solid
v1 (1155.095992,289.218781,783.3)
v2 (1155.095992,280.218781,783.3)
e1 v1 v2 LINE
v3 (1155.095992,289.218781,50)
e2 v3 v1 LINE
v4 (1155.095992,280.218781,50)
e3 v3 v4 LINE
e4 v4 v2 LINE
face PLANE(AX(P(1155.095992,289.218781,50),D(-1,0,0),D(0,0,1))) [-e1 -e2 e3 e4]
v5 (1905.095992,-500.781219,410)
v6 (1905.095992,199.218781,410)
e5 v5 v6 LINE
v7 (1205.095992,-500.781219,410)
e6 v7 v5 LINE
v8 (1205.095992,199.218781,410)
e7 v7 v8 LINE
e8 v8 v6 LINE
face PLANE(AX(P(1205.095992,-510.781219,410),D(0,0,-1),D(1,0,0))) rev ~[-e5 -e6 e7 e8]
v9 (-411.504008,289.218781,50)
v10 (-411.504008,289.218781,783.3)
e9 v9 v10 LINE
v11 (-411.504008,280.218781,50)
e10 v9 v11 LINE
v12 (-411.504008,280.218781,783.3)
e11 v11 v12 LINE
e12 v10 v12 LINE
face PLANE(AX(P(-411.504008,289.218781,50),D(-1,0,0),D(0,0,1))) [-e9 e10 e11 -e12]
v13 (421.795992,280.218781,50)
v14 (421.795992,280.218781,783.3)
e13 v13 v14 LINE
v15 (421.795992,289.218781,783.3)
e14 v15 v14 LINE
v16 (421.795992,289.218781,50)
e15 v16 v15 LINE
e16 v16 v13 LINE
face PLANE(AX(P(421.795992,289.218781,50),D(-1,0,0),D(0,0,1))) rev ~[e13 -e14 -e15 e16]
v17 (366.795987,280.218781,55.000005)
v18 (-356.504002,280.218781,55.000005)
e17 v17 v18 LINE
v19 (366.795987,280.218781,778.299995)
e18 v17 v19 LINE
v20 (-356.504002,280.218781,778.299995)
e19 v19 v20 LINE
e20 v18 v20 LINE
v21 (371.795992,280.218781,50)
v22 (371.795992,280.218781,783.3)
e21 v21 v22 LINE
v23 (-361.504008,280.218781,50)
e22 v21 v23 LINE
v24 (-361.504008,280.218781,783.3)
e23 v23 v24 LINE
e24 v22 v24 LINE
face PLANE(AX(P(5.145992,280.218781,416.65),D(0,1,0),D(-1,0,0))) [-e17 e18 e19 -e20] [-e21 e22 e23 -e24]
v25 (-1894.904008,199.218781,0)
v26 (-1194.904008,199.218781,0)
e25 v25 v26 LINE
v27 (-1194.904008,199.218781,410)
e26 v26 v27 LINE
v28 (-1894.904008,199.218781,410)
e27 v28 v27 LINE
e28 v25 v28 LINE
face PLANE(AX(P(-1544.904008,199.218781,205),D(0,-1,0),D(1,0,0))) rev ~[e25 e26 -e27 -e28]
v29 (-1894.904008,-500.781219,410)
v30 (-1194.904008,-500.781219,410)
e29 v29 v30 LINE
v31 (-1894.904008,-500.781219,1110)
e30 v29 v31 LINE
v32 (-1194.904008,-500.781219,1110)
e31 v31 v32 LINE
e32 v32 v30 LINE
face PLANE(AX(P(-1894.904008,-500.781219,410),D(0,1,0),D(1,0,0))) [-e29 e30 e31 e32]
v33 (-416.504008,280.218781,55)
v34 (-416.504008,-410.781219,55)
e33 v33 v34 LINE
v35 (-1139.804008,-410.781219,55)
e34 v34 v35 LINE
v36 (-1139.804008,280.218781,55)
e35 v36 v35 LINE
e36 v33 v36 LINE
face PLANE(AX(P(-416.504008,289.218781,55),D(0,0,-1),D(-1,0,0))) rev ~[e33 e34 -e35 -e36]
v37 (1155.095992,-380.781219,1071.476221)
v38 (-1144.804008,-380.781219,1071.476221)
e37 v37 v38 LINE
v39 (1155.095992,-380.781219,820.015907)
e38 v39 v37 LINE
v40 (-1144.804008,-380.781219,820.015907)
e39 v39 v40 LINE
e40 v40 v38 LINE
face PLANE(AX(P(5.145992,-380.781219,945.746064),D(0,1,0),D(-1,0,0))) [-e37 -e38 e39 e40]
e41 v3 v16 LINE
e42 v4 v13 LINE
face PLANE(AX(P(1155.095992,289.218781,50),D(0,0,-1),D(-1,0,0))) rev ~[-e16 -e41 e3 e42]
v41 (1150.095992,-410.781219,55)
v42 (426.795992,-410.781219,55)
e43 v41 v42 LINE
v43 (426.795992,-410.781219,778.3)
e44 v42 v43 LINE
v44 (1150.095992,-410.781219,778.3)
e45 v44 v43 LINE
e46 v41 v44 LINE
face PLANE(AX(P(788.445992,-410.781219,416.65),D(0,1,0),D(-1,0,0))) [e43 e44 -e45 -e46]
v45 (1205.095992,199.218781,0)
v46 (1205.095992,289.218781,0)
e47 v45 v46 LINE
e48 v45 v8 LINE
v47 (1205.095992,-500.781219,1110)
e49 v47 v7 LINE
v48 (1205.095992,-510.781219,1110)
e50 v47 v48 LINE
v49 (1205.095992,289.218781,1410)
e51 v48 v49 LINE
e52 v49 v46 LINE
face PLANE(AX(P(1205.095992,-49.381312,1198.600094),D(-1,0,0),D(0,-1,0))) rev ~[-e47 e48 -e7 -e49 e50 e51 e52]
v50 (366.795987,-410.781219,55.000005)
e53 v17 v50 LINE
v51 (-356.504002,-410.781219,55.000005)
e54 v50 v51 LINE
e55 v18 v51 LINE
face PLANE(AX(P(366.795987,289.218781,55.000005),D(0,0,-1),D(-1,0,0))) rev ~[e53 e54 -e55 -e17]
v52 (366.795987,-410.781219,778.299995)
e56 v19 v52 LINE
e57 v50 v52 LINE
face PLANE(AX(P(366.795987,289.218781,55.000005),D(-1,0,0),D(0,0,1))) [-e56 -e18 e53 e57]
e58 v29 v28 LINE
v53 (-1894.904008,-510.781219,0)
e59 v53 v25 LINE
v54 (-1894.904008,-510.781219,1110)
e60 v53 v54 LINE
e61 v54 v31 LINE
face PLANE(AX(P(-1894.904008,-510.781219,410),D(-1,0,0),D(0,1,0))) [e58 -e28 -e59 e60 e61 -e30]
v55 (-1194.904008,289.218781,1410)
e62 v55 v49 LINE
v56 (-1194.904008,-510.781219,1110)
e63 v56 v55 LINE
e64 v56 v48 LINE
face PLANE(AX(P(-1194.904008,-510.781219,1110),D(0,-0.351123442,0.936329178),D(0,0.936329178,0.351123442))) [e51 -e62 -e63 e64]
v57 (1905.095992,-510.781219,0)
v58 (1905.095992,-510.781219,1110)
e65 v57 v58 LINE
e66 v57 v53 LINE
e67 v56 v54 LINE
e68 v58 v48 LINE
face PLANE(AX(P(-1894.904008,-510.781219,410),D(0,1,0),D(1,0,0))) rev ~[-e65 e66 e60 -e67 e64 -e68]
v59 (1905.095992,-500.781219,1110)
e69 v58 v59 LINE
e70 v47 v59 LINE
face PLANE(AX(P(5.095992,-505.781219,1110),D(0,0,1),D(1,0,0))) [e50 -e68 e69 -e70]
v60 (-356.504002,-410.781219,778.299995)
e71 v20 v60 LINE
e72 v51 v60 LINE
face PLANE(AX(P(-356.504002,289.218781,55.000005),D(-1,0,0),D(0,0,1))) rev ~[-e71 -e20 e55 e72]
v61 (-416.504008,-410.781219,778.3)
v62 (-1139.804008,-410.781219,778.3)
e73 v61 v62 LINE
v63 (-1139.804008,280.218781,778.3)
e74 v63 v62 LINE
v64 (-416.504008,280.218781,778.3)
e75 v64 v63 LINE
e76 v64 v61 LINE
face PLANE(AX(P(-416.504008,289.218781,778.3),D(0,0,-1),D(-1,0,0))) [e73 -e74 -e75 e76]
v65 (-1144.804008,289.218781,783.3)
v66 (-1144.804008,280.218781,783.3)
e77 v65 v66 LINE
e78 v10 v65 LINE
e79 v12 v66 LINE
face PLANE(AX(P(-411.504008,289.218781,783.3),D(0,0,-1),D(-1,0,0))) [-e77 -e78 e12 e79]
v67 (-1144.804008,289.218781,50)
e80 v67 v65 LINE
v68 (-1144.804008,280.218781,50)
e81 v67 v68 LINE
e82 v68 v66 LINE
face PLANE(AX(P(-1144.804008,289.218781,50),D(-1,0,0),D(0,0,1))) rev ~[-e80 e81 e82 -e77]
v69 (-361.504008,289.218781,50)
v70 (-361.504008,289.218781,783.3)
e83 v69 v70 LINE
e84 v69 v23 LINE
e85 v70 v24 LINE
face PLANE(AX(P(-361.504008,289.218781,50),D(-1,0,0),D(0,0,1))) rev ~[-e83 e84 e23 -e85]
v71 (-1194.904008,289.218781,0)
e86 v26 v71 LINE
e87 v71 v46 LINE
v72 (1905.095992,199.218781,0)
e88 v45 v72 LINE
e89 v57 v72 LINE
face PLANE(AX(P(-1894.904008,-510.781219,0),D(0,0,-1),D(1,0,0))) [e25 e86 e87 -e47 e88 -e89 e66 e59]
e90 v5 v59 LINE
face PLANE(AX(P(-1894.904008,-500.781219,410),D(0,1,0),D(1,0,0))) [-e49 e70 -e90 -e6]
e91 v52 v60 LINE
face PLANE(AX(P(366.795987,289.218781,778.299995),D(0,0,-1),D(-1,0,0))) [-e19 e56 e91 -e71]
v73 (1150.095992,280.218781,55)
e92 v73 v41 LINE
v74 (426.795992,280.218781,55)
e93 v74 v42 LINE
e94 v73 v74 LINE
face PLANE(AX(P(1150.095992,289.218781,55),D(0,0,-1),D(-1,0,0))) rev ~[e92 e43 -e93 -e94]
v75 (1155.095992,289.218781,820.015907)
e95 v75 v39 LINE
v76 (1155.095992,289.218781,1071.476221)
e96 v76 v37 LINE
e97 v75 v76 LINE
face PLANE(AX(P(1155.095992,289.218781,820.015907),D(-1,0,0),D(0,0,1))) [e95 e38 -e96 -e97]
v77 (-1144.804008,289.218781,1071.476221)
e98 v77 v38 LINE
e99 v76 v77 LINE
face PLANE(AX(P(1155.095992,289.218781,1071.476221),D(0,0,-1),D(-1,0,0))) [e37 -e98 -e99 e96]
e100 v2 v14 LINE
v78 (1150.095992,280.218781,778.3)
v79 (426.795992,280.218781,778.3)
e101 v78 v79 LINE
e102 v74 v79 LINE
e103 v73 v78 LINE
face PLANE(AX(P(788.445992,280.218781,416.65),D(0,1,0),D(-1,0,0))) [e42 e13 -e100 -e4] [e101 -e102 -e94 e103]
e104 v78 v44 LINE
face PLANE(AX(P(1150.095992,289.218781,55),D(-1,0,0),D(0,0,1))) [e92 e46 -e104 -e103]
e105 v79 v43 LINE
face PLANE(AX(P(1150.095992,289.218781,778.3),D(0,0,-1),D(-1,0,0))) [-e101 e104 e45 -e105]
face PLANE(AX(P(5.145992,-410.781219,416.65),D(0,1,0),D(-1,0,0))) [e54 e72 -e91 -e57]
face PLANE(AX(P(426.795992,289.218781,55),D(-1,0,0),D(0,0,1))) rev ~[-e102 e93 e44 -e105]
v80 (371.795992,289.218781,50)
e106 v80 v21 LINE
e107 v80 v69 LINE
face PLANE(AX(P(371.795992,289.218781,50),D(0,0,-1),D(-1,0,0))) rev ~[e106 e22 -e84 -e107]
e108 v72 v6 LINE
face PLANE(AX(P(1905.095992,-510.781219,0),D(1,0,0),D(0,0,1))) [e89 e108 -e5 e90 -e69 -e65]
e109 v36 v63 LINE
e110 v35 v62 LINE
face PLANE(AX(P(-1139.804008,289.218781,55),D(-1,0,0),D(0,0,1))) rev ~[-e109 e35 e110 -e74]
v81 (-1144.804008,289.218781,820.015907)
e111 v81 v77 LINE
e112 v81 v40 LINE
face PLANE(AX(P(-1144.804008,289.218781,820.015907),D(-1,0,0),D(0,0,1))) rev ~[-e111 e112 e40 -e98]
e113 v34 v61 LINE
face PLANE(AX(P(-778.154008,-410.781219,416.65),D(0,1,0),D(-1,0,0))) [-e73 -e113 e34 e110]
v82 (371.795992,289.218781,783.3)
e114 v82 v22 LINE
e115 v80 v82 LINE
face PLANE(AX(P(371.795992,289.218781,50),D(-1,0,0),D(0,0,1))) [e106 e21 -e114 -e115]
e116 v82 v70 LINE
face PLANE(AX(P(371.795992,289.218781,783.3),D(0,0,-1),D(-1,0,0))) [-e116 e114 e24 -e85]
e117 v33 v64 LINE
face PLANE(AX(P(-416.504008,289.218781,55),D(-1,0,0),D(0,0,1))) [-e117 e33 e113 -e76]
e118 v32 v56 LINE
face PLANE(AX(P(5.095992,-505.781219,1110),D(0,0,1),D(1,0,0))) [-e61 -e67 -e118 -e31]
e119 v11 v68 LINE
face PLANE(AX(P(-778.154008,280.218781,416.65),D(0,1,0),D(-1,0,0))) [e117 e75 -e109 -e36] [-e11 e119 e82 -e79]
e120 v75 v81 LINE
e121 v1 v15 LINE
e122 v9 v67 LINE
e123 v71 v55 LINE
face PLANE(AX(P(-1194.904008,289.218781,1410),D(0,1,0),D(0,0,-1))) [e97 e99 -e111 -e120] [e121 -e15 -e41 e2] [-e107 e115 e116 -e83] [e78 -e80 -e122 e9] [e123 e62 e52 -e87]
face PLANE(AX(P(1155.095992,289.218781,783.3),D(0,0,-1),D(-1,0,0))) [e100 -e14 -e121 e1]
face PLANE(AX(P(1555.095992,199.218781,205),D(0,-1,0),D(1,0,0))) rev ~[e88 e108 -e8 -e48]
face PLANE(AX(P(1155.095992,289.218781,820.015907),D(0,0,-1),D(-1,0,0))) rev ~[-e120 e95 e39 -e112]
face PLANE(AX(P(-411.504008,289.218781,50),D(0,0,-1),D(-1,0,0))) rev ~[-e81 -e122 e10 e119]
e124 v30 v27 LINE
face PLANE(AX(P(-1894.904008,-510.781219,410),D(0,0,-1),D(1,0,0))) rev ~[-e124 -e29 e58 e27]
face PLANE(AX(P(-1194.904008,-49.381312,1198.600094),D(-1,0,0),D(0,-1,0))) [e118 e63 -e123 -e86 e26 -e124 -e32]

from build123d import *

# Parameters (mm, degrees)
F0_W      = 2400
F0_H      = 800
F1_DEPTH  = 1110
F2_W      = 700
F2_H      = 410
F3_DEPTH  = 710
F4_W      = 3800
F4_H      = 10
F5_DEPTH  = 700
F7_DEPTH  = 2400
F8_W      = 733.3
F8_H      = 733.3
F8_W_2    = 723.3
F8_H_2    = 723.3
F8_W_3    = 723.2999893069
F8_H_3    = 723.2999893069
F9_DEPTH  = 9
F10_W     = 2299.9
F10_H     = 251.460313797
F11_DEPTH = 670
F12_W     = 723.2999893069
F12_H     = 723.2999893069
F12_W_2   = 723.3
F12_H_2   = 723.3
F13_DEPTH = 700


with BuildPart() as f1:
    # F0 (on Top) → F1 (new body)
    with BuildSketch(Plane.XY):
        with Locations((5.0959922373, -110.7812188551)):
            Rectangle(F0_W, F0_H)
    extrude(amount=F1_DEPTH)

    # F2 (on face) → F3 (join)
    with BuildSketch(Plane.XZ.offset(510.7812188551)):
        with Locations((-1544.9040077627, 205)):
            Rectangle(F2_W, F2_H)
        with Locations((1555.0959922373, 205)):
            Rectangle(F2_W, F2_H)
    extrude(amount=-F3_DEPTH)

    # F4 (on face) → F5 (join)
    with BuildSketch(Plane.XY.offset(410)):
        with Locations((5.0959922373, -505.7812188551)):
            Rectangle(F4_W, F4_H)
    extrude(amount=F5_DEPTH)

    # F6 (on face) → F7 (join, through all)
    with BuildSketch(Plane(origin=(-1194.9040077627, 0, 0), x_dir=(0, -1, 0), z_dir=(-1, 0, 0))):
        Polygon((-289.2187811449, 1410), (-289.2187811449, 1110), (500.7812188551, 1110), (510.7812188551, 1110), align=None)
    extrude(amount=-F7_DEPTH)

    # F8 (on face) → F9 (cut)
    with BuildSketch(Plane(origin=(0, 289.2187811449, 0), x_dir=(-1, 0, 0), z_dir=(0, 1, 0))):
        with Locations((-788.4459922373, 416.65)):
            Rectangle(F8_W, F8_H)
        with Locations((-788.4459922373, 416.65)):
            Rectangle(F8_W_2, F8_H_2, mode=Mode.SUBTRACT)
        with Locations((-5.1459922373, 416.65)):
            Rectangle(F8_W, F8_H)
        with Locations((-5.1459922373, 416.65)):
            Rectangle(F8_W_3, F8_H_3, mode=Mode.SUBTRACT)
        with Locations((778.1540077627, 416.65)):
            Rectangle(F8_W, F8_H)
        with Locations((778.1540077627, 416.65)):
            Rectangle(F8_W_2, F8_H_2, mode=Mode.SUBTRACT)
    extrude(amount=-F9_DEPTH, mode=Mode.SUBTRACT)

    # F10 (on face) → F11 (cut)
    with BuildSketch(Plane(origin=(0, 289.2187811449, 0), x_dir=(-1, 0, 0), z_dir=(0, 1, 0))):
        with Locations((-5.1459922373, 945.7460641861)):
            Rectangle(F10_W, F10_H)
    extrude(amount=-F11_DEPTH, mode=Mode.SUBTRACT)

    # F12 (on face) → F13 (cut)
    with BuildSketch(Plane(origin=(0, 289.2187811449, 0), x_dir=(-1, 0, 0), z_dir=(0, 1, 0))):
        with Locations((-5.1459922373, 416.65)):
            Rectangle(F12_W, F12_H)
        with Locations((778.1540077627, 416.65)):
            Rectangle(F12_W_2, F12_H_2)
        with Locations((-788.4459922373, 416.65)):
            Rectangle(F12_W_2, F12_H_2)
    extrude(amount=-F13_DEPTH, mode=Mode.SUBTRACT)


solid = f1.part
